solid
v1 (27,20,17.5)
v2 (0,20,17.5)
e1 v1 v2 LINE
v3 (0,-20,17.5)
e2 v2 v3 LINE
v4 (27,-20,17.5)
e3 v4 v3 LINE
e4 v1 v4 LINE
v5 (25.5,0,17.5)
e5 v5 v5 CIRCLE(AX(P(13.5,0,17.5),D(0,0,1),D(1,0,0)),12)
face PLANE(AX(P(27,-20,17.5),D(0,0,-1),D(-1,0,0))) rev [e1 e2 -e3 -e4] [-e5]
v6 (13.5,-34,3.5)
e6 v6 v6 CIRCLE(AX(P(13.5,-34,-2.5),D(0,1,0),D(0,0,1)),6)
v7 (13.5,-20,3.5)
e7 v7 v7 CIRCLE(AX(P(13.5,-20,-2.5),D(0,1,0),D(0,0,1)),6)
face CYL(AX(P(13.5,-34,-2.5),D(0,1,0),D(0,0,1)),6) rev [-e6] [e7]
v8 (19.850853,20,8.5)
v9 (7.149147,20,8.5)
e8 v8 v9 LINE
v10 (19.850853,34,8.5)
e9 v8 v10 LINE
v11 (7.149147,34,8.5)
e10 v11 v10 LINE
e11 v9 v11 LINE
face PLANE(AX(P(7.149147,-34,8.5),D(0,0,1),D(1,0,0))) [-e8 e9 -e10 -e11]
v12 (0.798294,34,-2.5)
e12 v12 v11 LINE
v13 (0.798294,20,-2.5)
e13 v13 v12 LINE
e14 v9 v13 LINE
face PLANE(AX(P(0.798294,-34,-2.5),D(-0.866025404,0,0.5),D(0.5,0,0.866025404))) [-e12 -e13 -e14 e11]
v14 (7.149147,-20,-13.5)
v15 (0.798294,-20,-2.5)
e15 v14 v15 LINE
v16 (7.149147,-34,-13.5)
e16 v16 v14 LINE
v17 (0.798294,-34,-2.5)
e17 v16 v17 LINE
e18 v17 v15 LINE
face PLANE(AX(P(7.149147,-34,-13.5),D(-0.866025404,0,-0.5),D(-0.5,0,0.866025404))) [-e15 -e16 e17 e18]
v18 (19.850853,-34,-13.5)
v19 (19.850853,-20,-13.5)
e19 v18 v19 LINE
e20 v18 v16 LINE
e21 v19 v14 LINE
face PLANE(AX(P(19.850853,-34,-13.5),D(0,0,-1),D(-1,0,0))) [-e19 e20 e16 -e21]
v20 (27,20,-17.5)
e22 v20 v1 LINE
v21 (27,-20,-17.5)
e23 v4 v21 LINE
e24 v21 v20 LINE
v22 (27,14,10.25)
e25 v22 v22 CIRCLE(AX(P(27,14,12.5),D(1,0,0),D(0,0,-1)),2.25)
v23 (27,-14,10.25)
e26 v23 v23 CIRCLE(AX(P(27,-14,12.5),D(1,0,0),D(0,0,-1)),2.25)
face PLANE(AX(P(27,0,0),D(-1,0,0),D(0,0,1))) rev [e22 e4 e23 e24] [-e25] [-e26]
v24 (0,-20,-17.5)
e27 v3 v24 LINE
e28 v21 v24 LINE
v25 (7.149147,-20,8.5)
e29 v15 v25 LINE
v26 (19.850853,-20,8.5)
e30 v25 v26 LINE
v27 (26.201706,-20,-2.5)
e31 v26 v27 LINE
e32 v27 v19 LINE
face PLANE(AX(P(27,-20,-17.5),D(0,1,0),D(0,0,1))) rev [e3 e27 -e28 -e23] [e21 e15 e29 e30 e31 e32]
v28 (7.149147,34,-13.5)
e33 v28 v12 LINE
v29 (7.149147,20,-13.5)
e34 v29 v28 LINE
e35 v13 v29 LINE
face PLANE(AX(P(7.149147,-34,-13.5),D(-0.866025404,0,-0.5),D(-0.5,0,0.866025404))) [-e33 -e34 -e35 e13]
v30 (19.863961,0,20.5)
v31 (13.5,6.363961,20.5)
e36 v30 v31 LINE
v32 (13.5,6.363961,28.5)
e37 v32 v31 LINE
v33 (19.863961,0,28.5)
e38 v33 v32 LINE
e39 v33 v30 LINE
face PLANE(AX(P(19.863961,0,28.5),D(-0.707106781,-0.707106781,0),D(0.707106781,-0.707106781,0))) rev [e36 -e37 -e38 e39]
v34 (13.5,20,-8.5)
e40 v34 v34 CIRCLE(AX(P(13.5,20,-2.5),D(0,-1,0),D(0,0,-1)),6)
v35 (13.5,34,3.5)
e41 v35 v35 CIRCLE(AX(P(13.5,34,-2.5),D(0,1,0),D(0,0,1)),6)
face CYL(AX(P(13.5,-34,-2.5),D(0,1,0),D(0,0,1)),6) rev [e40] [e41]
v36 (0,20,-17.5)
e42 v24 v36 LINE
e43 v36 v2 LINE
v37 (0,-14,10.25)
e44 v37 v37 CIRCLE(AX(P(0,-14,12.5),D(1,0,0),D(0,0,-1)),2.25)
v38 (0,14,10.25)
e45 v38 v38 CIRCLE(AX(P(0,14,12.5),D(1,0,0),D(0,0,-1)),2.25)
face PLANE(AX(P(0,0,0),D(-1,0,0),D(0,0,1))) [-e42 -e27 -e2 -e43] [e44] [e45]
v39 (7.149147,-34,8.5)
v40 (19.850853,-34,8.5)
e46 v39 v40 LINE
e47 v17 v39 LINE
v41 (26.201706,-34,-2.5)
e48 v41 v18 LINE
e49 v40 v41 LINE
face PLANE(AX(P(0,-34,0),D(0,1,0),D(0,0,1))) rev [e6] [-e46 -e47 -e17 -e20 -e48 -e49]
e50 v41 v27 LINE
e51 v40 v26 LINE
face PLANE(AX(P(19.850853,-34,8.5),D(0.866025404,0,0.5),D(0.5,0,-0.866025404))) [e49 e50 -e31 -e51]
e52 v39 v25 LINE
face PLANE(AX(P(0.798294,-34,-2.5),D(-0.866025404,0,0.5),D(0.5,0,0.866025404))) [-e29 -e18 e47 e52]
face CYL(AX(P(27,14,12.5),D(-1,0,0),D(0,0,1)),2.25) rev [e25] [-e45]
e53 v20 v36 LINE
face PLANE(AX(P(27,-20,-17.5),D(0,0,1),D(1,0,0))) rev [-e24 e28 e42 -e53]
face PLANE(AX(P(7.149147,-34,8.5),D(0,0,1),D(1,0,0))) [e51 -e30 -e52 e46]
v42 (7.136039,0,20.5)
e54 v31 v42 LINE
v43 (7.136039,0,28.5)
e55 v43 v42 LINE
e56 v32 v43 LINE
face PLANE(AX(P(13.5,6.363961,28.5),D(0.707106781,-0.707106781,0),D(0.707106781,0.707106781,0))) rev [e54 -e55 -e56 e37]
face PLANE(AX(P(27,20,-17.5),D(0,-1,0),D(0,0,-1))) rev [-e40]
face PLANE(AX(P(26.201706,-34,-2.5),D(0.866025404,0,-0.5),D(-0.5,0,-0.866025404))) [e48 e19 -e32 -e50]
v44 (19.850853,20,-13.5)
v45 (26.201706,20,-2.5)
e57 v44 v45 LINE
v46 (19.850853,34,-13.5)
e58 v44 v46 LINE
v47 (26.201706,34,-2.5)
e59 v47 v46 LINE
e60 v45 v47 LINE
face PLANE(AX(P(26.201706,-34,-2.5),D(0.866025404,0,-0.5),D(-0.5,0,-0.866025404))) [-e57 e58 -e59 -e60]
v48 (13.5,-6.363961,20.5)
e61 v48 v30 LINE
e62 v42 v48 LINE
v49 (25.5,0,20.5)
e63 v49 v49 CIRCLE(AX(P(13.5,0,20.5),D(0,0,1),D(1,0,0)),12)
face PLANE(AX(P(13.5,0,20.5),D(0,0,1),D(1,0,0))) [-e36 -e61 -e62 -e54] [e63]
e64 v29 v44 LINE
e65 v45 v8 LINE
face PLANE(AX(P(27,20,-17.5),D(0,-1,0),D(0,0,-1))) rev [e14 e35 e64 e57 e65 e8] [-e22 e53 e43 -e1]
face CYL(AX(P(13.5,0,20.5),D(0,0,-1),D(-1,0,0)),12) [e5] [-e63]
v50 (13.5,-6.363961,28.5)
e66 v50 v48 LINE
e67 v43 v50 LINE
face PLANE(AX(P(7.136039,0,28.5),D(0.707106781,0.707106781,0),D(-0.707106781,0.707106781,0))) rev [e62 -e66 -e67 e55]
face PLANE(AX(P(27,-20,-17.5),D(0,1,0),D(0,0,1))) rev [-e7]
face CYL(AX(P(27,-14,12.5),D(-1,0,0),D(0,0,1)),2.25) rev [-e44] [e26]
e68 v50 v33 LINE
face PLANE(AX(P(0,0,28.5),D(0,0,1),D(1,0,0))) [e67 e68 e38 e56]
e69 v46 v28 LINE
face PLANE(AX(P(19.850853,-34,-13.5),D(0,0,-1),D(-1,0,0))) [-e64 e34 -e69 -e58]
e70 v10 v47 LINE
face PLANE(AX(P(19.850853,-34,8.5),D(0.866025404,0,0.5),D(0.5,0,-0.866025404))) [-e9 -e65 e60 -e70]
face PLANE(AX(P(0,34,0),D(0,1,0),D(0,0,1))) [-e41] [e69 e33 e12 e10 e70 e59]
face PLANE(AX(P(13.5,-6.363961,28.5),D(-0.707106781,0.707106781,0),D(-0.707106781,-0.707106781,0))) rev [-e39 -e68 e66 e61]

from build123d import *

# Parameters (mm, degrees)
SKETCH1_W                = 40
SKETCH1_H                = 35
SKETCH1_R                = 2.25
BOSS_EXTRUDE1_DEPTH      = 27
BOSS_EXTRUDE2_DEPTH      = 14
BOSS_EXTRUDE2_DEPTH_BACK = 54
SKETCH2_R                = 6
SKETCH3_R                = 12
BOSS_EXTRUDE3_DEPTH      = 3
BOSS_EXTRUDE4_DEPTH      = 8


with BuildPart() as part:
    # Sketch1 → Boss-Extrude1 (new body)
    with BuildSketch(Plane.YZ):
        Rectangle(SKETCH1_W, SKETCH1_H)
        with Locations(Location((-14, 12.5, 0), (0, 0, 270))):
            Circle(SKETCH1_R, mode=Mode.SUBTRACT)
        with Locations(Location((14, 12.5, 0), (0, 0, 270))):
            Circle(SKETCH1_R, mode=Mode.SUBTRACT)
    extrude(amount=BOSS_EXTRUDE1_DEPTH)

    # Sketch2 → Boss-Extrude2 (add, two sides: drawn at the far end of the back side and taken through both)
    with BuildSketch(Plane(origin=(0, 20, 0), x_dir=(-1, 0, 0), z_dir=(0, 1, 0)).offset(-BOSS_EXTRUDE2_DEPTH_BACK)):
        Polygon((-0.798294078, -2.5), (-7.149147039, 8.5), (-19.850852961, 8.5), (-26.201705922, -2.5), (-19.850852961, -13.5), (-7.149147039, -13.5), align=None)
        with Locations(Location((-13.5, -2.5, 0), (0, 0, 90))):
            Circle(SKETCH2_R, mode=Mode.SUBTRACT)
    extrude(amount=BOSS_EXTRUDE2_DEPTH + BOSS_EXTRUDE2_DEPTH_BACK)

    # Sketch3 → Boss-Extrude3 (add)
    with BuildSketch(Plane.XY.offset(17.5)):
        with Locations((13.5, 0)):
            Circle(SKETCH3_R)
    extrude(amount=BOSS_EXTRUDE3_DEPTH)

    # Sketch4 → Boss-Extrude4 (add)
    with BuildSketch(Plane.XY.offset(20.5)):
        Polygon((13.5, 6.363961031), (7.136038969, 0), (13.5, -6.363961031), (19.863961031, 0), align=None)
    extrude(amount=BOSS_EXTRUDE4_DEPTH)


solid = part.part
